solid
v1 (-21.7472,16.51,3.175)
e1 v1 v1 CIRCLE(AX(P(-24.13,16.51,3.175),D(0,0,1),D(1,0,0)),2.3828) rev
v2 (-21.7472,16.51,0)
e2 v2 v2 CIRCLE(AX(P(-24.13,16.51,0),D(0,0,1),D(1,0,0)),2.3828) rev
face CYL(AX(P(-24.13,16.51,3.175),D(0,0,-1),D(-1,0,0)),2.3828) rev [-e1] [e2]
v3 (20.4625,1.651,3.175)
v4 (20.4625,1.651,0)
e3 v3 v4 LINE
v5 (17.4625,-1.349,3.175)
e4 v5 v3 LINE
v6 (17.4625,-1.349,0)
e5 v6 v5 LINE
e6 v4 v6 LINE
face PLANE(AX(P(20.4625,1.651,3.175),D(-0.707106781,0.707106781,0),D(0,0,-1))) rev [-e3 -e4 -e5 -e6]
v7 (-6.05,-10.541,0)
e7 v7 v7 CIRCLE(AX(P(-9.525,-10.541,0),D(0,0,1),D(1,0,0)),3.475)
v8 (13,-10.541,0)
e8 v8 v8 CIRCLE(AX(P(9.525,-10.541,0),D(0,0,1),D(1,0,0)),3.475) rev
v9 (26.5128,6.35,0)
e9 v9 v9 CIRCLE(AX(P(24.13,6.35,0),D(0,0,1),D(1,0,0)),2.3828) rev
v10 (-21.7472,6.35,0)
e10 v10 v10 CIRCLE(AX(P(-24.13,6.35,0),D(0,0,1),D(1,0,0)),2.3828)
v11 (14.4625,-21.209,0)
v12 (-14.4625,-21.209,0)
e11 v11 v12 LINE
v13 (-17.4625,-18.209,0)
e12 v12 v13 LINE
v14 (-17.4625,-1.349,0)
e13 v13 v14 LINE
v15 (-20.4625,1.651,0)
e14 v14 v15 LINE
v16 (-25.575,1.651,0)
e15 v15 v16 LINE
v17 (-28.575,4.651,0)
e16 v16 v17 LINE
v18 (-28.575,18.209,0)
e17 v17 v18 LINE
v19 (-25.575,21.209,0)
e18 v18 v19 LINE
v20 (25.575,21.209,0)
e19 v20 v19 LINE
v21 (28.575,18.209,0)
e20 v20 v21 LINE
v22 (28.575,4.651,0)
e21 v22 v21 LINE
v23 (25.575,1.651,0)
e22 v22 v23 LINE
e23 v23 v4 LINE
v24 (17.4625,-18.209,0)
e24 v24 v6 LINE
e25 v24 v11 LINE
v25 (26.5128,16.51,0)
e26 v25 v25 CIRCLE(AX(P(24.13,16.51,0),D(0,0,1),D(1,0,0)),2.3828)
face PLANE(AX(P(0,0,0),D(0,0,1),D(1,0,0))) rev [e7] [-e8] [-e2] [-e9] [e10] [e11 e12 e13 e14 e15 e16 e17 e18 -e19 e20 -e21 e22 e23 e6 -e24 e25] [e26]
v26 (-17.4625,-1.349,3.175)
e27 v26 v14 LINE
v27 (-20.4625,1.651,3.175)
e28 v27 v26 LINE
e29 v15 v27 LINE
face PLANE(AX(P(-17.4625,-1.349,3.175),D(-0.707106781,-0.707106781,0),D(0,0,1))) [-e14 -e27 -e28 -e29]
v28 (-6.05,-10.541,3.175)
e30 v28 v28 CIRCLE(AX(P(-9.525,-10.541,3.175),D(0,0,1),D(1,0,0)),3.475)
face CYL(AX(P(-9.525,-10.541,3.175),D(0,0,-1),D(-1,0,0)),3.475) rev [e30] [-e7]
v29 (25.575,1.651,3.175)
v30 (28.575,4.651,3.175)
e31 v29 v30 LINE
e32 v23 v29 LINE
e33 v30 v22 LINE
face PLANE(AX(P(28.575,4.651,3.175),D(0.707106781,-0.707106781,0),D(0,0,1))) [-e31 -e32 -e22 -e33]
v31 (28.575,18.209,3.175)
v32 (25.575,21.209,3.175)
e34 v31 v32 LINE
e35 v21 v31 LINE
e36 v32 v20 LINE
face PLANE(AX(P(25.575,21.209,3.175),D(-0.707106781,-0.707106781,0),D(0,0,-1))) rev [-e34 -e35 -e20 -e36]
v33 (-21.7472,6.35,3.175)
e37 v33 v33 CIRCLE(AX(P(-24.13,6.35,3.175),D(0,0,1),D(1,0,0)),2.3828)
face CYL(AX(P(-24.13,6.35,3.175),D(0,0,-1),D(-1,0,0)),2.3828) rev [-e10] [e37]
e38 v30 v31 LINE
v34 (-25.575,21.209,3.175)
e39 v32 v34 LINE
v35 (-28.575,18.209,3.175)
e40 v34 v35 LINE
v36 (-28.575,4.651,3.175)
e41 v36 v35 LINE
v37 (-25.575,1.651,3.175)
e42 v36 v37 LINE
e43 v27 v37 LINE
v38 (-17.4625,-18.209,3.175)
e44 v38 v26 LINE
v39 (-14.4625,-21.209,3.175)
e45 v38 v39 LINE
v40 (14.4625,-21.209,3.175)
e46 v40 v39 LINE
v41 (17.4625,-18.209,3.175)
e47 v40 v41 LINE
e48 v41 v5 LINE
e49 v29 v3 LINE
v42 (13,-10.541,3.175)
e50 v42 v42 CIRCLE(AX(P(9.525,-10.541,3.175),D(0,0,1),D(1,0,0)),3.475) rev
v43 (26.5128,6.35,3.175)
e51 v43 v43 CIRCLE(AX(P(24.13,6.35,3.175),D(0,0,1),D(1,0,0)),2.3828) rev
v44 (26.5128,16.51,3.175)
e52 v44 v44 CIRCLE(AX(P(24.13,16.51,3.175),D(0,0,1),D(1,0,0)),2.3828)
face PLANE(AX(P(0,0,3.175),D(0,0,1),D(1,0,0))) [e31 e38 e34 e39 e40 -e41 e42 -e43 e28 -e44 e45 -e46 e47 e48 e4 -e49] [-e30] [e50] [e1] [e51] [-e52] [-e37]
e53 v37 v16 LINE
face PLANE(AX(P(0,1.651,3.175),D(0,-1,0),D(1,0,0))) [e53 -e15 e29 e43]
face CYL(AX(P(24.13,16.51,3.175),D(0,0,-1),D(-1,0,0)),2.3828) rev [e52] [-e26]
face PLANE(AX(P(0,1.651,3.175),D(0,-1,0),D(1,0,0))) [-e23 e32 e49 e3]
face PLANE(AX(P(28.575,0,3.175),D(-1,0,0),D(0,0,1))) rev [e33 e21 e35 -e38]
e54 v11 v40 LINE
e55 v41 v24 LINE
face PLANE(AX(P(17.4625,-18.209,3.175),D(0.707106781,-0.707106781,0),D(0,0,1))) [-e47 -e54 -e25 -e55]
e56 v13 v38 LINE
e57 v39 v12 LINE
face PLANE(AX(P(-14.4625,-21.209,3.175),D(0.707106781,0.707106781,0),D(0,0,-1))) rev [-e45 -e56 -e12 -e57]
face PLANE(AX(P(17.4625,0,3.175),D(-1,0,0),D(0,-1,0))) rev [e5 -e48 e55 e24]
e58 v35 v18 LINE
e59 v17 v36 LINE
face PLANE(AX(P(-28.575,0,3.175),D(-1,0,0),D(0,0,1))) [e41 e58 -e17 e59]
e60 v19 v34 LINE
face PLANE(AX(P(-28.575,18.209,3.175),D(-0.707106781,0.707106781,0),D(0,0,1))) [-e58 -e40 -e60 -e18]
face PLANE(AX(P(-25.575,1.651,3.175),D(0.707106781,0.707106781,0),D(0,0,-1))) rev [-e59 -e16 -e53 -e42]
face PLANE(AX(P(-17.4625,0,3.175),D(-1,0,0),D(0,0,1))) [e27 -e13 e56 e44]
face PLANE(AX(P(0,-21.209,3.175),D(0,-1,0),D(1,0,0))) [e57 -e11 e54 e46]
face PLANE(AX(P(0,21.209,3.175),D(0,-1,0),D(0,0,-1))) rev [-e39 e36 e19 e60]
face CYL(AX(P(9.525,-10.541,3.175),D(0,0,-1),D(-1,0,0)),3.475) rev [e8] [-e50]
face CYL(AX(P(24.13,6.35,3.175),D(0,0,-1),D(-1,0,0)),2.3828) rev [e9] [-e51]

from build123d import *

# Parameters (mm, degrees)
SKETCH1_R           = 3.475
SKETCH1_R_2         = 2.3828
BOSS_EXTRUDE1_DEPTH = 3.175
CHAMFER1_SIZE       = 3
CHAMFER2_SIZE       = 3


with BuildPart() as part:
    # Sketch1 → Boss-Extrude1 (new body)
    with BuildSketch(Plane.XY):
        Polygon((17.4625, -21.209), (-17.4625, -21.209), (-17.4625, 1.651), (-28.575, 1.651), (-28.575, 21.209), (28.575, 21.209), (28.575, 1.651), (17.4625, 1.651), align=None)
        with Locations((-9.525, -10.541)):
            Circle(SKETCH1_R, mode=Mode.SUBTRACT)
        with Locations((9.525, -10.541)):
            Circle(SKETCH1_R, mode=Mode.SUBTRACT)
        with Locations((-24.13, 6.35)):
            Circle(SKETCH1_R_2, mode=Mode.SUBTRACT)
        with Locations((-24.13, 16.51)):
            Circle(SKETCH1_R_2, mode=Mode.SUBTRACT)
        with Locations((24.13, 16.51)):
            Circle(SKETCH1_R_2, mode=Mode.SUBTRACT)
        with Locations((24.13, 6.35)):
            Circle(SKETCH1_R_2, mode=Mode.SUBTRACT)
    extrude(amount=BOSS_EXTRUDE1_DEPTH)

    # Chamfer1
    chamfer1_edges = [part.edges().sort_by_distance(p)[0] for p in [
        (-28.575, 1.651, 1.5875),
        (-28.575, 21.209, 1.5875),
        (28.575, 21.209, 1.5875),
        (28.575, 1.651, 1.5875),
    ]]
    chamfer(chamfer1_edges, length=CHAMFER1_SIZE)

    # Chamfer2
    chamfer2_edges = [part.edges().sort_by_distance(p)[0] for p in [
        (17.4625, 1.651, 1.5875),
        (17.4625, -21.209, 1.5875),
        (-17.4625, -21.209, 1.5875),
        (-17.4625, 1.651, 1.5875),
    ]]
    chamfer(chamfer2_edges, length=CHAMFER2_SIZE)


solid = part.part
